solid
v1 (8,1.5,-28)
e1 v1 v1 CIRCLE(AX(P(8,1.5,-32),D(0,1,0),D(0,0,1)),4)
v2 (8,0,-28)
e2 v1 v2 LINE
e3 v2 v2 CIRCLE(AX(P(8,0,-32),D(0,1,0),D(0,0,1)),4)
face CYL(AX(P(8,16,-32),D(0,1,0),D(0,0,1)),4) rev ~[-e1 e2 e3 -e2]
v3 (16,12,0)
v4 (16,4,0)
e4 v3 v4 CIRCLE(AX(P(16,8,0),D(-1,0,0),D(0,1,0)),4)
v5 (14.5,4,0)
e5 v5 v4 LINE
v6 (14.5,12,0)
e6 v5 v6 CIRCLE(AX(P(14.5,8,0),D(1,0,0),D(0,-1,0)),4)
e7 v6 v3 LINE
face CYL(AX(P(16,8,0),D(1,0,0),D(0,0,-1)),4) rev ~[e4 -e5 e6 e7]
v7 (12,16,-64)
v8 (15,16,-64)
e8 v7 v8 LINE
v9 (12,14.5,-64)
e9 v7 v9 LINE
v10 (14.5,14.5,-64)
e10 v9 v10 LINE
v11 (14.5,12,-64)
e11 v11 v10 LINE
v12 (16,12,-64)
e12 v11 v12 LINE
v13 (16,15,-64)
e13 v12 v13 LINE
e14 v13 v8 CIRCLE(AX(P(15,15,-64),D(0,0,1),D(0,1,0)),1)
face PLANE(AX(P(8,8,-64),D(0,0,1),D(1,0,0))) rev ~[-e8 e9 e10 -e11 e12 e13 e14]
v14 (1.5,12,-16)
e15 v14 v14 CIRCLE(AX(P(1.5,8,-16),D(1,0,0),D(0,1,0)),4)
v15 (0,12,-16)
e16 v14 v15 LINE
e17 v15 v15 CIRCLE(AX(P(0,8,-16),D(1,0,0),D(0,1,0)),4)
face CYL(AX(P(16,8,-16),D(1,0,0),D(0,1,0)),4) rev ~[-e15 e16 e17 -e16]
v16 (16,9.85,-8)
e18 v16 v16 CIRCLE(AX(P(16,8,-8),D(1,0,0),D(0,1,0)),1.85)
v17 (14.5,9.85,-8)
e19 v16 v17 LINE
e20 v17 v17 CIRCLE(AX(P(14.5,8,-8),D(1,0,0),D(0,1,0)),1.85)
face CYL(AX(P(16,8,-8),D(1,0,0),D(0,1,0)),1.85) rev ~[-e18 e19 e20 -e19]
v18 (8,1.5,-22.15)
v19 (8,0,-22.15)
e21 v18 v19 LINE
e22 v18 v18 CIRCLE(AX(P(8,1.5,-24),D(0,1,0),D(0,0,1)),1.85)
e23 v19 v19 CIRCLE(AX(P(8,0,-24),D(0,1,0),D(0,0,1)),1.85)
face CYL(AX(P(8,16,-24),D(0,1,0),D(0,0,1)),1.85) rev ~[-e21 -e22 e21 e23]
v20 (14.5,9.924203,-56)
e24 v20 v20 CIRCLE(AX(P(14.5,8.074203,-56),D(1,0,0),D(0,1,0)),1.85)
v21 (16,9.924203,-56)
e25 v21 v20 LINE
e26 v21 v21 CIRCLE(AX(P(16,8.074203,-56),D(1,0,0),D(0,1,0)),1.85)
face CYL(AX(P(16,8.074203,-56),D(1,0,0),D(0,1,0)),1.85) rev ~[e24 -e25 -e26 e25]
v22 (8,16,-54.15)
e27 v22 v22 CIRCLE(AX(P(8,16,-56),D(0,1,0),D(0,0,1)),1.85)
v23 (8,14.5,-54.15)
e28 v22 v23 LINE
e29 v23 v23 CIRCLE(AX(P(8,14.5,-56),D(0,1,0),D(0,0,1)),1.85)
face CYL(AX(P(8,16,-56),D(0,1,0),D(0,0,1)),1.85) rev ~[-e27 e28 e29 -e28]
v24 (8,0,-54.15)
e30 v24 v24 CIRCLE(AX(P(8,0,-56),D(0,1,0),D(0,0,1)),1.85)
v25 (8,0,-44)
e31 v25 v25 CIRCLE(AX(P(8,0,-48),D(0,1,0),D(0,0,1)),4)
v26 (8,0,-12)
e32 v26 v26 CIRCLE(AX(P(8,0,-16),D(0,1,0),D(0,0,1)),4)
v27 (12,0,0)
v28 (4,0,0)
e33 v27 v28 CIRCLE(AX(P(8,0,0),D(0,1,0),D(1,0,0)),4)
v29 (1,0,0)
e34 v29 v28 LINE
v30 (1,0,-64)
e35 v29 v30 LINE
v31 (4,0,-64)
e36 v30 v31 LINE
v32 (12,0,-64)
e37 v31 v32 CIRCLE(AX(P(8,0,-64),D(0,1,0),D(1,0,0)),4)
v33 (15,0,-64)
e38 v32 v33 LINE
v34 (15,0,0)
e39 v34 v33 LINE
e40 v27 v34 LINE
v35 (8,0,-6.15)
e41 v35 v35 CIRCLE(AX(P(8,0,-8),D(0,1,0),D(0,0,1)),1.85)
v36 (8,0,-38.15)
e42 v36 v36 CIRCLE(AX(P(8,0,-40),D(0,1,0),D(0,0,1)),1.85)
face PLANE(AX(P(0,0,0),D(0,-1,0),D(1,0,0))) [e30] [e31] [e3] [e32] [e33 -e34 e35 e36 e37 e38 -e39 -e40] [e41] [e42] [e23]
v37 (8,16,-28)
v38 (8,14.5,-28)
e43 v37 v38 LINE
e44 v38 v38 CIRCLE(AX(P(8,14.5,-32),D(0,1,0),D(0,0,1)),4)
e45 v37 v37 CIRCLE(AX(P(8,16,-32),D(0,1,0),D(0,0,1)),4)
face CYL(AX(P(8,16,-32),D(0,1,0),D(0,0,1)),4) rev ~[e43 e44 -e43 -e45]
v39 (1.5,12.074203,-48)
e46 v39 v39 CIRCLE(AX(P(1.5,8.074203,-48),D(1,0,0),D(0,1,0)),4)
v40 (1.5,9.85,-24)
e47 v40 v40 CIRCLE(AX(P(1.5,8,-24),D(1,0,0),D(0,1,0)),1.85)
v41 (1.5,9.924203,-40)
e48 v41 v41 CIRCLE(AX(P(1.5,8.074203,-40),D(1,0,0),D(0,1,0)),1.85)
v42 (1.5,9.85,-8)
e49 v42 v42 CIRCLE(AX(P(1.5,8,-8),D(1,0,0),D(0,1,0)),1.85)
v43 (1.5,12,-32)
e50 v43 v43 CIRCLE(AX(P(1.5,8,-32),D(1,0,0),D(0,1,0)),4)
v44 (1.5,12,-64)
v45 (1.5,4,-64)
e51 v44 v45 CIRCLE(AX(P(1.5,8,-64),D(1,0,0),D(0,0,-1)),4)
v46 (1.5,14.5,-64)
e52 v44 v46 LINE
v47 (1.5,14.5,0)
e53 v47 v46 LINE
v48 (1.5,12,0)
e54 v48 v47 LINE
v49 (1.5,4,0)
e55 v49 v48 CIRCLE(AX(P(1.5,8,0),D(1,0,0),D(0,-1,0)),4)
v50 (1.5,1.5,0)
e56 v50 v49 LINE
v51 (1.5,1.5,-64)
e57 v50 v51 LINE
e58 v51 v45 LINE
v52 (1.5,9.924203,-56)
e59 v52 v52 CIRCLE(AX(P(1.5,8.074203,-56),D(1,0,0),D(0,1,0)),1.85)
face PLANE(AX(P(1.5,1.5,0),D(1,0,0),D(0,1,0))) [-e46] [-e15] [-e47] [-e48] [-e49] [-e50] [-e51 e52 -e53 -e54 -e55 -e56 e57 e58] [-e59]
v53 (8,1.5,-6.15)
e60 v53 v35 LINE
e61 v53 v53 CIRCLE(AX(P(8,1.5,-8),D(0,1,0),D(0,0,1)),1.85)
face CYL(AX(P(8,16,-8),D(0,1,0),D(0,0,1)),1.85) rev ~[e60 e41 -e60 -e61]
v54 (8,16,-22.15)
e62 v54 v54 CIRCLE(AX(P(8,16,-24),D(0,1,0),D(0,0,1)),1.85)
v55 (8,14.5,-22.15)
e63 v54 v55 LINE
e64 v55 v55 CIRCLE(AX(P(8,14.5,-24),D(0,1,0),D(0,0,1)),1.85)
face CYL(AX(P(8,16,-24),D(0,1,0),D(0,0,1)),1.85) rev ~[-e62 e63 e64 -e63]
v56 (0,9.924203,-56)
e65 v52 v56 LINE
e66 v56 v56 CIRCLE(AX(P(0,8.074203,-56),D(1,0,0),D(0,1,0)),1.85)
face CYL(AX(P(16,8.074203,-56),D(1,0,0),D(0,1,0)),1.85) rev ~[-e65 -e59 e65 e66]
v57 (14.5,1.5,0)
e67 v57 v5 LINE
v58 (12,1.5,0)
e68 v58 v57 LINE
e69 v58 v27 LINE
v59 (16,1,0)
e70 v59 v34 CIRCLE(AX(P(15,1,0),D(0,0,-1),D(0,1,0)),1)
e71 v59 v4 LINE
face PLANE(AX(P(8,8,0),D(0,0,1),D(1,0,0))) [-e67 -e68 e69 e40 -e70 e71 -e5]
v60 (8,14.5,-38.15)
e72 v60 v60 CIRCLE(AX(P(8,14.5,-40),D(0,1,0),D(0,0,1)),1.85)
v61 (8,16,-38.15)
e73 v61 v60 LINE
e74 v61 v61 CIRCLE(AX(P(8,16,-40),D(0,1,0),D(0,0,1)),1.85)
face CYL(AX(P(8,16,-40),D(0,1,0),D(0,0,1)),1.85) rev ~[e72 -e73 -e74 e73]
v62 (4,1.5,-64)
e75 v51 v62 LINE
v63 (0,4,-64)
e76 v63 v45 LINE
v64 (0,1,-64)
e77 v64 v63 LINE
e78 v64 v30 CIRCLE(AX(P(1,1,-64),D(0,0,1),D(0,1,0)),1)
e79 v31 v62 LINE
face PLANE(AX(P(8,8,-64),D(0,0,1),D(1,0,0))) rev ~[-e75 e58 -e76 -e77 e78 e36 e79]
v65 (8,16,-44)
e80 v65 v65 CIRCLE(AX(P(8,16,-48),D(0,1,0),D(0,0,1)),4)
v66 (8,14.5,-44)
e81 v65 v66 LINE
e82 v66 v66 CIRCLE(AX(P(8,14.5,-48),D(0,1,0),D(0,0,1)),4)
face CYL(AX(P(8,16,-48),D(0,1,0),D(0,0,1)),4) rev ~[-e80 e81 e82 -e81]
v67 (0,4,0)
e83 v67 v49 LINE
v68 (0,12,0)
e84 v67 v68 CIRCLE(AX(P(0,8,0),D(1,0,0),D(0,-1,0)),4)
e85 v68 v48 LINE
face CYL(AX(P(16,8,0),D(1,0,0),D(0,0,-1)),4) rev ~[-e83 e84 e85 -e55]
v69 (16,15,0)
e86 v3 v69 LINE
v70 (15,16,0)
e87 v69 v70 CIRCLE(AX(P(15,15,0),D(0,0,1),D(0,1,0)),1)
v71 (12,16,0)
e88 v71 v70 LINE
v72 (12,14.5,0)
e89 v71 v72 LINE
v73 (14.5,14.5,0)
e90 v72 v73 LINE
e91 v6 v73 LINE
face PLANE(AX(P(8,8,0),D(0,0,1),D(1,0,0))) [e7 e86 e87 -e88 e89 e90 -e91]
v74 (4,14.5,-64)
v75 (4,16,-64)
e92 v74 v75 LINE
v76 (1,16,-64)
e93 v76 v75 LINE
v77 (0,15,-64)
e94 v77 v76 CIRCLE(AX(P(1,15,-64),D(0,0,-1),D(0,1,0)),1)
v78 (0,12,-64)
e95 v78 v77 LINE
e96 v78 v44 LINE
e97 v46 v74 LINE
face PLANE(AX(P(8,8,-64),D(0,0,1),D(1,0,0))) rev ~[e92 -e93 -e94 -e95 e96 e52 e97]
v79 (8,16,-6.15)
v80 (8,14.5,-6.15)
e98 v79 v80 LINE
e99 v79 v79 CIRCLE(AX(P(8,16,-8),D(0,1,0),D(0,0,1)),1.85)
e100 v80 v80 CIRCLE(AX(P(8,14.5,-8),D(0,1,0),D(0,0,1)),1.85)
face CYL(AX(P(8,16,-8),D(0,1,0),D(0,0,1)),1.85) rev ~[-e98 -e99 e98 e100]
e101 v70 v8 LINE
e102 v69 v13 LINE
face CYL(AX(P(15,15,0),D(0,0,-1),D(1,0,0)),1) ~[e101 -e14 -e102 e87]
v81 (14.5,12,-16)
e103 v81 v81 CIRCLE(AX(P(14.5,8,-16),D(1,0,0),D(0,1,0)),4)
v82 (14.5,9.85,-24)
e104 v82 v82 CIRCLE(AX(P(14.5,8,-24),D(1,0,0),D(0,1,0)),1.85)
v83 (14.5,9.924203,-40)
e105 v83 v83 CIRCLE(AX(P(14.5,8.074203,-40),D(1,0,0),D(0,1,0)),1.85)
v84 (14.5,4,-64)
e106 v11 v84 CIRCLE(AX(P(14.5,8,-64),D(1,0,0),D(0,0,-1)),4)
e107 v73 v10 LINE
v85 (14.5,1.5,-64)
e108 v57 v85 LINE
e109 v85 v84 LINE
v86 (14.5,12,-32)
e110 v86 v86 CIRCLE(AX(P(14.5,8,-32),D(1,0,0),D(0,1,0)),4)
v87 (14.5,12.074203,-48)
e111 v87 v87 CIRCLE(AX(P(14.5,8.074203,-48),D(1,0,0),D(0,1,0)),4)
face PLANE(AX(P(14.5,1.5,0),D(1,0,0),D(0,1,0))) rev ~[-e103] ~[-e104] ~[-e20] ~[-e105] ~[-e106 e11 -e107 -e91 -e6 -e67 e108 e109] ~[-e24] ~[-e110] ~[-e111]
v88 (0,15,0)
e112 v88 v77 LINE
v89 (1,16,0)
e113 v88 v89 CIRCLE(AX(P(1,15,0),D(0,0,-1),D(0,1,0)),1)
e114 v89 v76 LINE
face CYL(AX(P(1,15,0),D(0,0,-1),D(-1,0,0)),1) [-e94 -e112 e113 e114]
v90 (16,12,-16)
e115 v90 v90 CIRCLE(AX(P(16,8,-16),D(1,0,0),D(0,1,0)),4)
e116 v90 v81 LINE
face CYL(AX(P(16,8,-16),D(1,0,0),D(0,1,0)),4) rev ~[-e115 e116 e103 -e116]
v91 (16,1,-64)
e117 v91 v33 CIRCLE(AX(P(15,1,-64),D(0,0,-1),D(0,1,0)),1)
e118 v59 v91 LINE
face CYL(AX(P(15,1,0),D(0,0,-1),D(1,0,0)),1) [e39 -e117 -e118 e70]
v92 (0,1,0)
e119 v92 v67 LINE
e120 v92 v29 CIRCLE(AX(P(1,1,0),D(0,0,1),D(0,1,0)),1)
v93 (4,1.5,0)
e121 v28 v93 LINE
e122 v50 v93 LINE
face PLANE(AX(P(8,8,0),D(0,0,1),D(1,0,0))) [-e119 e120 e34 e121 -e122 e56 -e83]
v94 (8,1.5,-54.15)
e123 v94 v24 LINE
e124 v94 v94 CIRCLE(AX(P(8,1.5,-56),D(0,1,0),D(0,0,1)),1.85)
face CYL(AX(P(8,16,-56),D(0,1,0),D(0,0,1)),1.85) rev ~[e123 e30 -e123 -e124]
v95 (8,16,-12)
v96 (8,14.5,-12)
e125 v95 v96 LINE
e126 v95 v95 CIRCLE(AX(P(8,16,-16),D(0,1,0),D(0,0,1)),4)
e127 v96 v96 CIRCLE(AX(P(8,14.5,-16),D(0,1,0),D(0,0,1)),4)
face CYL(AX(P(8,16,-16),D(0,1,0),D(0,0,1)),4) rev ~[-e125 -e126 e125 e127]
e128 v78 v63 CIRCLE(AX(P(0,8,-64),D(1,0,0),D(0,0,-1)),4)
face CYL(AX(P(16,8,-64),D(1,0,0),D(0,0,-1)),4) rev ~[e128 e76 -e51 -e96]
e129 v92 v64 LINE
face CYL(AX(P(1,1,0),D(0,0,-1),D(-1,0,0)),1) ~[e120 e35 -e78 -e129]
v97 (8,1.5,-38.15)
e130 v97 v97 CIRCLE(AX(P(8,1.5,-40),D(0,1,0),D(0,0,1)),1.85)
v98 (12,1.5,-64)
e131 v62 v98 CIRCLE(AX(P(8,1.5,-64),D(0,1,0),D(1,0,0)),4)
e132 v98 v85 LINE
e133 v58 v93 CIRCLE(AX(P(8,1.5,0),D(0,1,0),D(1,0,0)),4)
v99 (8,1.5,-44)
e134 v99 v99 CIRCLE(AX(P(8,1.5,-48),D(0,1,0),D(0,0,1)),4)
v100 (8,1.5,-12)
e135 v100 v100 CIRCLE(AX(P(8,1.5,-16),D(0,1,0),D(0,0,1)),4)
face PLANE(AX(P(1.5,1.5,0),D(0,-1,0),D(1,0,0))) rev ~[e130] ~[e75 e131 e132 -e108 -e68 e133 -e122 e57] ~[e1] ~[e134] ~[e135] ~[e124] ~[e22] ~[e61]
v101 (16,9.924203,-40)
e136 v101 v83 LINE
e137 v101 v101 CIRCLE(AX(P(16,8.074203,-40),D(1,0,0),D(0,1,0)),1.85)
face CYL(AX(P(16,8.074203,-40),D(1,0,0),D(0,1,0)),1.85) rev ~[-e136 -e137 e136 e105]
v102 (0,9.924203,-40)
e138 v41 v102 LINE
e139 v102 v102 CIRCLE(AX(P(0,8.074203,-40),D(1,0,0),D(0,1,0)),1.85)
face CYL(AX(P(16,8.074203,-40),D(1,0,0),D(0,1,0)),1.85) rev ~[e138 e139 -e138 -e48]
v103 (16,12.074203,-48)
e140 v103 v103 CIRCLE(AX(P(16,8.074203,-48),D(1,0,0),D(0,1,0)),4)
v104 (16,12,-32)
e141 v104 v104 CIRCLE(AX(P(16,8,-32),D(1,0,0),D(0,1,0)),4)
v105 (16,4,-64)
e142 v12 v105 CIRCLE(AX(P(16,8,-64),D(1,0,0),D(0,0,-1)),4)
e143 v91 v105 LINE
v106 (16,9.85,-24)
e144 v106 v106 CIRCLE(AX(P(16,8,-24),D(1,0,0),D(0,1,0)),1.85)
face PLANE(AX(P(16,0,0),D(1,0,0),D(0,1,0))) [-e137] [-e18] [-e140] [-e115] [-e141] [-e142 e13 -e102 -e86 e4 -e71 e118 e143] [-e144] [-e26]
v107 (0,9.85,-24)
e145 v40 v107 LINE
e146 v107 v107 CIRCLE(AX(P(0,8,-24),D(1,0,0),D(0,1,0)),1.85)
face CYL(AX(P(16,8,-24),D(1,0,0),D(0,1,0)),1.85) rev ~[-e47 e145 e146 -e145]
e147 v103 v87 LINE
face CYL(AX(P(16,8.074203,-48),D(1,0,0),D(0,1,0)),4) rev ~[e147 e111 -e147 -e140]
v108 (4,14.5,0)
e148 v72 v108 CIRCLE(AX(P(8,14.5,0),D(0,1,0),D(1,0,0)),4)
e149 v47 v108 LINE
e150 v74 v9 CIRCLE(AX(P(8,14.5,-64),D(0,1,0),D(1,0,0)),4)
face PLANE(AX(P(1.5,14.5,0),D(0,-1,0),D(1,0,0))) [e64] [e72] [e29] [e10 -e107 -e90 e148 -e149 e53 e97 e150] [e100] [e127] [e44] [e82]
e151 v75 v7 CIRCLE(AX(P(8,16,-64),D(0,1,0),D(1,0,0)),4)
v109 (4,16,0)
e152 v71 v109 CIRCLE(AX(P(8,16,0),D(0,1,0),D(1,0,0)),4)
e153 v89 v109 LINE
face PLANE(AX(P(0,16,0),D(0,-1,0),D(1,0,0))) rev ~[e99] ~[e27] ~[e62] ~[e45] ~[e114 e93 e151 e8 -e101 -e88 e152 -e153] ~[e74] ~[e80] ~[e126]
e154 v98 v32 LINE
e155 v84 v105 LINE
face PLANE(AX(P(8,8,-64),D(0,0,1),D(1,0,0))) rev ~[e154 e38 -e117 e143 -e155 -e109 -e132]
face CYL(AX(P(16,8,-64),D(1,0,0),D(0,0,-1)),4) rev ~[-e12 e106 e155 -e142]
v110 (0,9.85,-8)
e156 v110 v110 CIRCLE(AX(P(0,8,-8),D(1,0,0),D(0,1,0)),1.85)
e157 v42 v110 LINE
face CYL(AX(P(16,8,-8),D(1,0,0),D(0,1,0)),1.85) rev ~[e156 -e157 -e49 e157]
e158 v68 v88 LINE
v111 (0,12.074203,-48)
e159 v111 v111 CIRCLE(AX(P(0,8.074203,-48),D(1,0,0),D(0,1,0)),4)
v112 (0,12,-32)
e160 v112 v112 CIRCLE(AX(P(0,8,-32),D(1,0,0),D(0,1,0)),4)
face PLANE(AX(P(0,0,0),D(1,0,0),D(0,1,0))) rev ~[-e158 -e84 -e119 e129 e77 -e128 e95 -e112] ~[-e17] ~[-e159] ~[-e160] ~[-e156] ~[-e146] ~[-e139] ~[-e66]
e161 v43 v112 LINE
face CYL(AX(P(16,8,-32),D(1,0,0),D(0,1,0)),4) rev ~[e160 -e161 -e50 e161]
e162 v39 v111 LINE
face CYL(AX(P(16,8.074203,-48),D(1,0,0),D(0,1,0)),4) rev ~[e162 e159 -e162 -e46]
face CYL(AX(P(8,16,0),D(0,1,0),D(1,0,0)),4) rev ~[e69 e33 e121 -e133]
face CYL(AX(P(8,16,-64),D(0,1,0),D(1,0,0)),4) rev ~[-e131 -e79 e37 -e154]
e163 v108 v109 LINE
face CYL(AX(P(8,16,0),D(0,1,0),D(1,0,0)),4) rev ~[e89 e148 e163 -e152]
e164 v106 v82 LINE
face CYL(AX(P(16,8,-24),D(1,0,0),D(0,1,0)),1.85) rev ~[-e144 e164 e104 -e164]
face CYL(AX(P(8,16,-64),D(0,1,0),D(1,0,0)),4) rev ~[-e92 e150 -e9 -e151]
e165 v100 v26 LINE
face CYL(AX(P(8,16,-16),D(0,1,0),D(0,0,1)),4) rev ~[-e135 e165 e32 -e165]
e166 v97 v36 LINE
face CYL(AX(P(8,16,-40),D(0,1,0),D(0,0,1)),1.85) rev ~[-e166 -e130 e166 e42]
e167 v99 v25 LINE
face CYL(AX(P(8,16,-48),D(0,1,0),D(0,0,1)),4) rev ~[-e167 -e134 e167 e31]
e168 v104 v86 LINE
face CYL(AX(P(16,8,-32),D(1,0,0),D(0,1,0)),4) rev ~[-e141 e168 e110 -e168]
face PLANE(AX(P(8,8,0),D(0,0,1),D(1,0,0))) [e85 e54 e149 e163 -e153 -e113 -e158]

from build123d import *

# Parameters (mm, degrees)
SKETCH1_W      = 16
SKETCH1_H      = 16
EXTRUDE1_DEPTH = 64
SKETCH2_W      = 13
SKETCH2_H      = 13
EXTRUDE2_DEPTH = 68.882250994
SKETCH3_R      = 4
SKETCH3_R_2    = 1.85
EXTRUDE3_DEPTH = 68.882250994
SKETCH4_R      = 4
SKETCH4_R_2    = 1.85
EXTRUDE4_DEPTH = 68.882250994
FILLET1_R      = 1


with BuildPart() as part:
    # Sketch1 → Extrude1 (new body)
    with BuildSketch(Plane.XY):
        with Locations((8, 8)):
            Rectangle(SKETCH1_W, SKETCH1_H)
    extrude(amount=-EXTRUDE1_DEPTH)

    # Sketch2 → Extrude2 (cut, through all)
    with BuildSketch(Plane.XY):
        with Locations((8, 8)):
            Rectangle(SKETCH2_W, SKETCH2_H)
    extrude(amount=-EXTRUDE2_DEPTH, mode=Mode.SUBTRACT)

    # Sketch3 → Extrude3 (cut, through all)
    with BuildSketch(Plane(origin=(0, 16, 0), x_dir=(1, 0, 0), z_dir=(0, 1, 0))):
        with Locations((8, 64)):
            Circle(SKETCH3_R)
        with Locations(Location((8, 32, 0), (0, 0, 270))):
            Circle(SKETCH3_R)
        with Locations((8, 0)):
            Circle(SKETCH3_R)
        with Locations((8, 96)):
            Circle(SKETCH3_R)
        with Locations((8, 128)):
            Circle(SKETCH3_R)
        with Locations((8, 160)):
            Circle(SKETCH3_R)
        with Locations((8, 192)):
            Circle(SKETCH3_R)
        with Locations((8, 224)):
            Circle(SKETCH3_R)
        with Locations((8, 256)):
            Circle(SKETCH3_R)
        with Locations(Location((8, 48, 0), (0, 0, 270))):
            Circle(SKETCH3_R)
        with Locations(Location((8, 56, 0), (0, 0, 270))):
            Circle(SKETCH3_R_2)
        with Locations(Location((8, 40, 0), (0, 0, 270))):
            Circle(SKETCH3_R_2)
        with Locations((8, 80)):
            Circle(SKETCH3_R)
        with Locations((8, 88)):
            Circle(SKETCH3_R_2)
        with Locations((8, 72)):
            Circle(SKETCH3_R_2)
        with Locations(Location((8, 16, 0), (0, 0, 270))):
            Circle(SKETCH3_R)
        with Locations(Location((8, 24, 0), (0, 0, 270))):
            Circle(SKETCH3_R_2)
        with Locations(Location((8, 8, 0), (0, 0, 270))):
            Circle(SKETCH3_R_2)
        with Locations((8, 112)):
            Circle(SKETCH3_R)
        with Locations((8, 120)):
            Circle(SKETCH3_R_2)
        with Locations((8, 104)):
            Circle(SKETCH3_R_2)
        with Locations((8, 144)):
            Circle(SKETCH3_R)
        with Locations((8, 152)):
            Circle(SKETCH3_R_2)
        with Locations((8, 136)):
            Circle(SKETCH3_R_2)
        with Locations((8, 176)):
            Circle(SKETCH3_R)
        with Locations((8, 184)):
            Circle(SKETCH3_R_2)
        with Locations((8, 168)):
            Circle(SKETCH3_R_2)
        with Locations((8, 208)):
            Circle(SKETCH3_R)
        with Locations((8, 216)):
            Circle(SKETCH3_R_2)
        with Locations((8, 200)):
            Circle(SKETCH3_R_2)
        with Locations((8, 240)):
            Circle(SKETCH3_R)
        with Locations((8, 248)):
            Circle(SKETCH3_R_2)
        with Locations((8, 232)):
            Circle(SKETCH3_R_2)
    extrude(amount=-EXTRUDE3_DEPTH, mode=Mode.SUBTRACT)

    # Sketch4 → Extrude4 (cut, through all)
    with BuildSketch(Plane(origin=(16, 0, 0), x_dir=(0, 0, -1), z_dir=(1, 0, 0))):
        with Locations(Location((32, 8, 0), (0, 0, 90))):
            Circle(SKETCH4_R)
        with Locations((64, 8)):
            Circle(SKETCH4_R)
        with Locations((0, 8)):
            Circle(SKETCH4_R)
        with Locations((96, 8)):
            Circle(SKETCH4_R)
        with Locations((128, 8)):
            Circle(SKETCH4_R)
        with Locations((160, 8)):
            Circle(SKETCH4_R)
        with Locations((192, 8)):
            Circle(SKETCH4_R)
        with Locations((224, 8)):
            Circle(SKETCH4_R)
        with Locations((256, 8)):
            Circle(SKETCH4_R)
        with Locations(Location((48, 8.074203, 0), (0, 0, 90))):
            Circle(SKETCH4_R)
        with Locations(Location((40, 8.074203, 0), (0, 0, 90))):
            Circle(SKETCH4_R_2)
        with Locations(Location((56, 8.074203, 0), (0, 0, 90))):
            Circle(SKETCH4_R_2)
        with Locations((80, 8)):
            Circle(SKETCH4_R)
        with Locations((72, 8)):
            Circle(SKETCH4_R_2)
        with Locations((88, 8)):
            Circle(SKETCH4_R_2)
        with Locations(Location((16, 8, 0), (0, 0, 90))):
            Circle(SKETCH4_R)
        with Locations(Location((8, 8, 0), (0, 0, 90))):
            Circle(SKETCH4_R_2)
        with Locations(Location((24, 8, 0), (0, 0, 90))):
            Circle(SKETCH4_R_2)
        with Locations((112, 8)):
            Circle(SKETCH4_R)
        with Locations((104, 8)):
            Circle(SKETCH4_R_2)
        with Locations((120, 8)):
            Circle(SKETCH4_R_2)
        with Locations((144, 8)):
            Circle(SKETCH4_R)
        with Locations((136, 8)):
            Circle(SKETCH4_R_2)
        with Locations((152, 8)):
            Circle(SKETCH4_R_2)
        with Locations((176, 8)):
            Circle(SKETCH4_R)
        with Locations((168, 8)):
            Circle(SKETCH4_R_2)
        with Locations((184, 8)):
            Circle(SKETCH4_R_2)
        with Locations((208, 8)):
            Circle(SKETCH4_R)
        with Locations((200, 8)):
            Circle(SKETCH4_R_2)
        with Locations((216, 8)):
            Circle(SKETCH4_R_2)
        with Locations((240, 8)):
            Circle(SKETCH4_R)
        with Locations((232, 8)):
            Circle(SKETCH4_R_2)
        with Locations((248, 8)):
            Circle(SKETCH4_R_2)
    extrude(amount=-EXTRUDE4_DEPTH, mode=Mode.SUBTRACT)

    # Fillet1
    fillet1_edges = [part.edges().sort_by_distance(p)[0] for p in [
        (0, 16, -32),
        (16, 16, -32),
        (16, 0, -32),
        (0, 0, -32),
    ]]
    fillet(fillet1_edges, radius=FILLET1_R)


solid = part.part
